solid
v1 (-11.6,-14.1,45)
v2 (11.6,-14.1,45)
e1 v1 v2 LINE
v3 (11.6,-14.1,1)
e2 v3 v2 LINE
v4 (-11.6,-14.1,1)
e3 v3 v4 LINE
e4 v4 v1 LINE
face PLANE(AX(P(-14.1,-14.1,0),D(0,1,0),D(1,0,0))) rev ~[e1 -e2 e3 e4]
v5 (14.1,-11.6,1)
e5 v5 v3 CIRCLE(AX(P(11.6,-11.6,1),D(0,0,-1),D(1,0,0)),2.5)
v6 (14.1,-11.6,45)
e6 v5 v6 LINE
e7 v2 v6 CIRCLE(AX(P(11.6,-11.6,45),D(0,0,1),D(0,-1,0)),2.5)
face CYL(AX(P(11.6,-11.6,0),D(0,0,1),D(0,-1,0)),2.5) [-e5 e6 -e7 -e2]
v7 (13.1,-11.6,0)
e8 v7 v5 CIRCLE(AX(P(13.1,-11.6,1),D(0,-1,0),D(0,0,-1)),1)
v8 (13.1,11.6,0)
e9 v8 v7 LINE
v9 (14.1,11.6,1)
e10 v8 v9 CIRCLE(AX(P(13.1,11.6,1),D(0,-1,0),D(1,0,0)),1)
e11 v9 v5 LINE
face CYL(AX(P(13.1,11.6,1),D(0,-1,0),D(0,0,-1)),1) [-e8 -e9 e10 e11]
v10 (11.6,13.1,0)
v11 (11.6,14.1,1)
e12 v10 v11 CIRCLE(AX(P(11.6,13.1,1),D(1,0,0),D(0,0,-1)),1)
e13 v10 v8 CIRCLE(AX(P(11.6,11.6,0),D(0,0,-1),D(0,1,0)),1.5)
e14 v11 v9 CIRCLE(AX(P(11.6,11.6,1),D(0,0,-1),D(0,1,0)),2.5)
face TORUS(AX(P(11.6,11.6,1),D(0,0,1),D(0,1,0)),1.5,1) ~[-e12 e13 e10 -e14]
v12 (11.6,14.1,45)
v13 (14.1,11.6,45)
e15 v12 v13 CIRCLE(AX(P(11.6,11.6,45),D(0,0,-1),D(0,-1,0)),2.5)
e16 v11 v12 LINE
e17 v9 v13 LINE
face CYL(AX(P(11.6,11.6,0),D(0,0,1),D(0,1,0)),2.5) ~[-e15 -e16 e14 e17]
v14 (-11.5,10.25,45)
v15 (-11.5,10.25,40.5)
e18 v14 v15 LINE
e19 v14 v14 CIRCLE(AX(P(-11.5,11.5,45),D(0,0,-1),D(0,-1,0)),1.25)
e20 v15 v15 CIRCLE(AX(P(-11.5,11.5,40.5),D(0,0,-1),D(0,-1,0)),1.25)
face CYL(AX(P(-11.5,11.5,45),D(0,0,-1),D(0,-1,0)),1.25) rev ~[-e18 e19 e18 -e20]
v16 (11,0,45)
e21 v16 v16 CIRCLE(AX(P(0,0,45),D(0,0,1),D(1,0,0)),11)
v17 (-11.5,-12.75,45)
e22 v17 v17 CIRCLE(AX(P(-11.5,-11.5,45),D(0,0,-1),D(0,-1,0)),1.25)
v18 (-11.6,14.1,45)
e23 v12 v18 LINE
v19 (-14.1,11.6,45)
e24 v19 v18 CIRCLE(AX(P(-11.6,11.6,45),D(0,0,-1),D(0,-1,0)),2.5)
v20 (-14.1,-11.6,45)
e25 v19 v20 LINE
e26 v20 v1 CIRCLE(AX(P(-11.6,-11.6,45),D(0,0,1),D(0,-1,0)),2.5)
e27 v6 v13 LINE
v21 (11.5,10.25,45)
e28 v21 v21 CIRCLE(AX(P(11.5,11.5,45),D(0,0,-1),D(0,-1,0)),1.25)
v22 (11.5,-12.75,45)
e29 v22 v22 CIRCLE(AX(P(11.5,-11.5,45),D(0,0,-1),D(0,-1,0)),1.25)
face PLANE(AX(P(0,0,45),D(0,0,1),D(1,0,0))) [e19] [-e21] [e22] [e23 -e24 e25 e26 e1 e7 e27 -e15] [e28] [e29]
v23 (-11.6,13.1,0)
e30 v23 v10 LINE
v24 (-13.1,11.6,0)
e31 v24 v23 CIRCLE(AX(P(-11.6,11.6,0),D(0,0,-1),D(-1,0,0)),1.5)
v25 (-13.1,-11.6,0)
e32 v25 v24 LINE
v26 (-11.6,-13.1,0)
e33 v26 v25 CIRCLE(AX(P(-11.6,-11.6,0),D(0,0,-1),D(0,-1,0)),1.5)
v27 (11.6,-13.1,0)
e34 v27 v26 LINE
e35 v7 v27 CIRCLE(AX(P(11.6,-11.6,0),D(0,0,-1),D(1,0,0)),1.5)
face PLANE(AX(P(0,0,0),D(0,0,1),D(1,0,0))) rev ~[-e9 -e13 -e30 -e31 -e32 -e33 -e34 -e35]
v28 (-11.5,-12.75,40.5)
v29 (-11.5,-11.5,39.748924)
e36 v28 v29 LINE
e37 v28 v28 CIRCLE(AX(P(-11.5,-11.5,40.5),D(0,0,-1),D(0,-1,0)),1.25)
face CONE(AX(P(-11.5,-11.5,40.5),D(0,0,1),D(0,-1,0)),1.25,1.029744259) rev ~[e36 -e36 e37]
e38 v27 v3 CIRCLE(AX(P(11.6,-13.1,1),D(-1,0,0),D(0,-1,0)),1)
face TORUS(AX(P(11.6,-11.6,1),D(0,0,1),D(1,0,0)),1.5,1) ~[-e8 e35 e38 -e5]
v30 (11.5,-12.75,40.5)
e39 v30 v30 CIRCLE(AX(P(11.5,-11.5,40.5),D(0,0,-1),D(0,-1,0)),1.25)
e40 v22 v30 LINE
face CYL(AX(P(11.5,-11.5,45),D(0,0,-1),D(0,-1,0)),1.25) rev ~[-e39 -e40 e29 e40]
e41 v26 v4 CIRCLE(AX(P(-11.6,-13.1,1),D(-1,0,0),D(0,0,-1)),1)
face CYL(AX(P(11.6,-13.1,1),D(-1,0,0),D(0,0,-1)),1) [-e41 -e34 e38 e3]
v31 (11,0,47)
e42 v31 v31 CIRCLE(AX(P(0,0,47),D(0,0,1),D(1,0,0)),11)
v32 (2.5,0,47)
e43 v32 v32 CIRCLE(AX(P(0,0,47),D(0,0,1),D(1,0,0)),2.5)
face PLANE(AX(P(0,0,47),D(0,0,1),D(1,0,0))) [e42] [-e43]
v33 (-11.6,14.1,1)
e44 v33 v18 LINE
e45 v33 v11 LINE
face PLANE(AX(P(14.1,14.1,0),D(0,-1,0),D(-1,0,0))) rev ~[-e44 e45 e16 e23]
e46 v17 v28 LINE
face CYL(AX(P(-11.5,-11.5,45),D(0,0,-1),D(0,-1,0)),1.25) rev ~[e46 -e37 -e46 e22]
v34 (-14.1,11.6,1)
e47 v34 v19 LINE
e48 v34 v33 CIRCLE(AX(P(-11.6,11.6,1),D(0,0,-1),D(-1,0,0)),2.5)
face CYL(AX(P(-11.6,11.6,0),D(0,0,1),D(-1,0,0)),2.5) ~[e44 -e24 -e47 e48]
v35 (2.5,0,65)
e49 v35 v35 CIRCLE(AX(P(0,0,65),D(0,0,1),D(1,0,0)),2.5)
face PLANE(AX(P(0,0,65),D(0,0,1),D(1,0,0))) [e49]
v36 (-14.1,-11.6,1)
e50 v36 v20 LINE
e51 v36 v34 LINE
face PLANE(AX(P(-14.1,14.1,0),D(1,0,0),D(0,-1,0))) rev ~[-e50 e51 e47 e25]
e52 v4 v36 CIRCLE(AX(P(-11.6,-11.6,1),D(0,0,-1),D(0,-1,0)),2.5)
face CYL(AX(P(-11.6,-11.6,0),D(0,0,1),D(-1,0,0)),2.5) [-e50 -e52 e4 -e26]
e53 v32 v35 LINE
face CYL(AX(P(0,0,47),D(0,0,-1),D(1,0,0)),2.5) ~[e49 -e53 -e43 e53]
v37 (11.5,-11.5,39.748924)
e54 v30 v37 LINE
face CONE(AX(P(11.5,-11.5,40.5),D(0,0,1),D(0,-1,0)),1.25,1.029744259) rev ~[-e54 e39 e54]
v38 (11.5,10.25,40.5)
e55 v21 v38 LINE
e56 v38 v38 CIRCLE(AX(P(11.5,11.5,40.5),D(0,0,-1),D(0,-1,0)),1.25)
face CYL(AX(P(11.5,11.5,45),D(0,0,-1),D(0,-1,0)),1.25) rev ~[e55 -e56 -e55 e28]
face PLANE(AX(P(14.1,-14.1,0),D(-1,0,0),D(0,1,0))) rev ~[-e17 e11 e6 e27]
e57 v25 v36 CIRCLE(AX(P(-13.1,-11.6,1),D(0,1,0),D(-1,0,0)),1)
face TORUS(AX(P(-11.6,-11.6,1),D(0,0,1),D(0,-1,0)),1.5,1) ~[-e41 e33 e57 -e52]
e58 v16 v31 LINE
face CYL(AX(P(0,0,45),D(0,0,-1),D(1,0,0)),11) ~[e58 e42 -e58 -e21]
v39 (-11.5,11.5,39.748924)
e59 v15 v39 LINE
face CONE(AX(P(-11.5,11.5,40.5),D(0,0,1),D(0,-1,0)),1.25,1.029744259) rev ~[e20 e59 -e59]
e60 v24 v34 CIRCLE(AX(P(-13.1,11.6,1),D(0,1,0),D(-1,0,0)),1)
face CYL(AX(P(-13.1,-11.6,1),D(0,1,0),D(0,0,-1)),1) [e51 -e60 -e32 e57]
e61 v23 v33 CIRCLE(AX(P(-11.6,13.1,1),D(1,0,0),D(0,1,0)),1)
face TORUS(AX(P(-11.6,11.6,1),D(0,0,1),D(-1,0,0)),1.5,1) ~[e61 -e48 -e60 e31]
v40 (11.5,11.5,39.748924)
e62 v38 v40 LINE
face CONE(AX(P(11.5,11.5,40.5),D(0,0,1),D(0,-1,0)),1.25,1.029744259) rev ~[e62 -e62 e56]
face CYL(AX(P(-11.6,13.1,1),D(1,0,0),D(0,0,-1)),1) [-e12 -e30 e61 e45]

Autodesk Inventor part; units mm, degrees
ref_plane "YZ Plane" through (0, 0, 0) normal (1, 0, 0) x (0, 1, 0)
ref_plane "XZ Plane" through (0, 0, 0) normal (0, 1, 0) x (-1, 0, 0)
ref_plane "XY Plane" through (0, 0, 0) normal (0, 0, 1) x (1, 0, 0)
sketch "Sketch1" plane through (0, 0, 0) normal (0, 0, 1) x (1, 0, 0)
  line L0 (-14.1, -14.1) -> (14.1, -14.1)
  line L1 (14.1, -14.1) -> (14.1, 14.1)
  line L2 (14.1, 14.1) -> (-14.1, 14.1)
  line L3 (-14.1, 14.1) -> (-14.1, -14.1)
  line L4 (-14.1, -14.1) -> (14.1, 14.1) construction
  line L5 (14.1, -14.1) -> (-14.1, 14.1) construction
  point P0 (0, 0)
  dimension "d0" = 28.2
  dimension "d1" = 28.2
extrude "Extrusion1" add sketch "Sketch1" along normal blind 45
sketch "Sketch2" plane through (0, 0, 45) normal (0, 0, 1) x (1, 0, 0)
  circle A0 centre (0, 0) radius 11
  dimension "d4" = 22
extrude "Extrusion2" add sketch "Sketch2" along normal blind 2
sketch "Sketch3" plane through (0, 0, 47) normal (0, 0, 1) x (1, 0, 0)
  circle A0 centre (0, 0) radius 11 projected
  circle A1 centre (0, 0) radius 2.5
  dimension "d7" = 5
extrude "Extrusion3" add sketch "Sketch3" along normal blind 18 contours A1
sketch "Sketch4" plane through (0, 0, 45) normal (0, 0, 1) x (1, 0, 0)
  circle A0 centre (0, 0) radius 11 projected
  point P0 (-11.5, 11.5)
  point P1 (11.5, 11.5)
  point P2 (11.5, -11.5)
  point P3 (-11.5, -11.5)
  dimension "d10" = 11.5
  dimension "d11" = 11.5
  dimension "d12" = 11.5
  dimension "d13" = 11.5
  dimension "d14" = 11.5
  dimension "d15" = 11.5
  dimension "d16" = 11.5
  dimension "d17" = 11.5
hole "Hole1" at (-11.5, 11.5, 45) at (11.5, 11.5, 45) at (11.5, -11.5, 45) at (-11.5, -11.5, 45) direction (0, 0, -1) diameter 2.5 depth 4.5 tip angle 118
fillet "Fillet1" radius 2.5 4 edges at (-14.1, 14.1, 22.5) (14.1, 14.1, 22.5) (14.1, -14.1, 22.5) (-14.1, -14.1, 22.5)
fillet "Fillet2" radius 1 8 edges at (-13.3678, 13.3678, 0) (-14.1, 0, 0) (-13.3678, -13.3678, 0) (0, -14.1, 0) (13.3678, -13.3678, 0) (14.1, 0, 0) (13.3678, 13.3678, 0) (0, 14.1, 0)
properties part number "NEMA11"
